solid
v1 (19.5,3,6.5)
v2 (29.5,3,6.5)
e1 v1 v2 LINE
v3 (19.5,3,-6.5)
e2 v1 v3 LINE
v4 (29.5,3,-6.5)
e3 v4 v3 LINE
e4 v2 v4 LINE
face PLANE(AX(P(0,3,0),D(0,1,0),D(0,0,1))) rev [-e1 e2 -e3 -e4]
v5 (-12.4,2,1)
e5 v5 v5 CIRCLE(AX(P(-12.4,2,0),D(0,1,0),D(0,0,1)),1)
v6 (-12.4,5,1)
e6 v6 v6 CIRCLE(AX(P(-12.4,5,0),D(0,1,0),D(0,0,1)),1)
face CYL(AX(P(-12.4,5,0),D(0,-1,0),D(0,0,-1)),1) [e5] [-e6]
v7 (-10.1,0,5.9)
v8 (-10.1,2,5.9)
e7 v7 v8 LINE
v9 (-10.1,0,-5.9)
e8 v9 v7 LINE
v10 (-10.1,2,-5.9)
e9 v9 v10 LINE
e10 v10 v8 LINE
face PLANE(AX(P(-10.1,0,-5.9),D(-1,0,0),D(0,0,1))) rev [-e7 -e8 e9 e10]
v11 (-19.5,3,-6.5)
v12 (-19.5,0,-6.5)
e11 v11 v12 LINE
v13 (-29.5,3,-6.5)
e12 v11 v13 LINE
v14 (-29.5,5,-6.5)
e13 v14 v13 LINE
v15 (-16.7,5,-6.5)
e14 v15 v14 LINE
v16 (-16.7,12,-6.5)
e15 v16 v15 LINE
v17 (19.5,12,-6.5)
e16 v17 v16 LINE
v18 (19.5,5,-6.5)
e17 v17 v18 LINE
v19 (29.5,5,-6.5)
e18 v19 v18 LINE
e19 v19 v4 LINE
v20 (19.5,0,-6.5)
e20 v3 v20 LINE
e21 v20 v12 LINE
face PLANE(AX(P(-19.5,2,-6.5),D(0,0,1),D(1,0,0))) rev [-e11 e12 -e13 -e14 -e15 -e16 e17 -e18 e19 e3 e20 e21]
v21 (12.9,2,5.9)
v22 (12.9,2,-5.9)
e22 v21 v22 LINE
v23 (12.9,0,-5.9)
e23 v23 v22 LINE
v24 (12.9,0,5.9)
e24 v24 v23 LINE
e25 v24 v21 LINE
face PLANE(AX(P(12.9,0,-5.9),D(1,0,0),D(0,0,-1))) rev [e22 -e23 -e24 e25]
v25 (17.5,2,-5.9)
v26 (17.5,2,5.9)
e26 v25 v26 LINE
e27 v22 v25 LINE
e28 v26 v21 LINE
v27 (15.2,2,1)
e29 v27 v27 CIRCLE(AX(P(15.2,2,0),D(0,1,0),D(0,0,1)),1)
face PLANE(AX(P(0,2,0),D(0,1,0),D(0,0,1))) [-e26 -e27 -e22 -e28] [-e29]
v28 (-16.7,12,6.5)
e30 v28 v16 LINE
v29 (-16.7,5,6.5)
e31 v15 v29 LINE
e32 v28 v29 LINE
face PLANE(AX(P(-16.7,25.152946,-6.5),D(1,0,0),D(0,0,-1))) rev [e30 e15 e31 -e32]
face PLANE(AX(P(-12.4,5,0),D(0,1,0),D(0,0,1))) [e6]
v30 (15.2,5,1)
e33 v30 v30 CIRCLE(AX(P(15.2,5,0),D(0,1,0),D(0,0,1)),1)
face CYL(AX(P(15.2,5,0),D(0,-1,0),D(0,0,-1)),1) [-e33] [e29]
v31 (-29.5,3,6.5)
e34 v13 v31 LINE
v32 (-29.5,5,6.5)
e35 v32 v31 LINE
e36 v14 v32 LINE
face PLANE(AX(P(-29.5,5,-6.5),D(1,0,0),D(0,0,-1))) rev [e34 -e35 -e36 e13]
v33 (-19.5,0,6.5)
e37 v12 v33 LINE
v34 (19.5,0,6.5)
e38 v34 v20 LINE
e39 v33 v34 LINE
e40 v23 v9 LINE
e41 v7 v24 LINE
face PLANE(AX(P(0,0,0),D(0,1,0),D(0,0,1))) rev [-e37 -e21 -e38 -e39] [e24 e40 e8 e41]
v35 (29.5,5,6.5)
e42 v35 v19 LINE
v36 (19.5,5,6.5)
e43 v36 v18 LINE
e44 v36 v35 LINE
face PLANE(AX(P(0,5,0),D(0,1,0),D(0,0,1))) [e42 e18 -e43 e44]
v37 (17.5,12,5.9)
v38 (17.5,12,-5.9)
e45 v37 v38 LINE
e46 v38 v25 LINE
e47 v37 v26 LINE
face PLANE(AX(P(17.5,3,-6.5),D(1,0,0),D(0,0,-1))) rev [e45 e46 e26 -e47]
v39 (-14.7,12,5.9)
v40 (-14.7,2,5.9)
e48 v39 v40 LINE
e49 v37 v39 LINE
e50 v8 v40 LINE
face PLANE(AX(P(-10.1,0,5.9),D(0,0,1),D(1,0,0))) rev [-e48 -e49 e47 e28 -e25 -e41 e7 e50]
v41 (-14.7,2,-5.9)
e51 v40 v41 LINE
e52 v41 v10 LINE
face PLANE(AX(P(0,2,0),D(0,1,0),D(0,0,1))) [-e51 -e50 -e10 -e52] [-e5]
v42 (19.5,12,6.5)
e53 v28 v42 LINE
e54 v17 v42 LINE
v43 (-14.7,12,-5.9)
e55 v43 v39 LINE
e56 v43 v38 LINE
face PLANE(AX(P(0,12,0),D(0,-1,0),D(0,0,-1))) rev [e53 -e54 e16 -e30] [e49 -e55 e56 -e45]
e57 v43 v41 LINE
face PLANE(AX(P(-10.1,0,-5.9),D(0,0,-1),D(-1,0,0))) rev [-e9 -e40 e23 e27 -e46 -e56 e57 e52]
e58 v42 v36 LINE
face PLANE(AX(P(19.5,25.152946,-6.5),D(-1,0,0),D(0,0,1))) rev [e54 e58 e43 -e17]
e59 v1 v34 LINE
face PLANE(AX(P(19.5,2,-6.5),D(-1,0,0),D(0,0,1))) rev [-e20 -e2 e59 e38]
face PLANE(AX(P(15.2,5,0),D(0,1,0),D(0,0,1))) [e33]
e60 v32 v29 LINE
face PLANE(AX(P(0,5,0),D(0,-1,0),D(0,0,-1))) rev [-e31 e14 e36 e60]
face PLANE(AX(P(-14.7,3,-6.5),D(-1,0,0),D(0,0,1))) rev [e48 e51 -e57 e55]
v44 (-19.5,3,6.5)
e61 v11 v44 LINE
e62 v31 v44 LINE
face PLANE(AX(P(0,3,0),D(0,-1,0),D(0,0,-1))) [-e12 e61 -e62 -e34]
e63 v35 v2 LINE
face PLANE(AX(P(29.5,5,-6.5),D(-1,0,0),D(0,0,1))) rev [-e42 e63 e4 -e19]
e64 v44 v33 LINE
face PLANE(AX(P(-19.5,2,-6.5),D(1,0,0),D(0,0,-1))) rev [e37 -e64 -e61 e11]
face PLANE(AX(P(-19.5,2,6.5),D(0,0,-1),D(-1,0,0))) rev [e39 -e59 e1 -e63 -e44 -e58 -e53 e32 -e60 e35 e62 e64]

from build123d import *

# Parameters (mm, degrees)
SKETCH1_W           = 39
SKETCH1_H           = 13
BOSS_EXTRUDE1_DEPTH = 2
SKETCH3_W           = 2
SKETCH3_H           = 13
SKETCH3_W_2         = 4.8
BOSS_EXTRUDE2_DEPTH = 1
SKETCH4_W           = 14.8
SKETCH4_H           = 13
SKETCH4_W_2         = 12
BOSS_EXTRUDE3_DEPTH = 2
SKETCH5_W           = 23
SKETCH5_H           = 11.8
CUT_EXTRUDE1_DEPTH  = 31.356218473
SKETCH6_R           = 1
BOSS_EXTRUDE4_DEPTH = 3
SKETCH7_W           = 32.2
SKETCH7_H           = 0.6
BOSS_EXTRUDE5_DEPTH = 10
SKETCH8_W           = 2
SKETCH8_H           = 13
BOSS_EXTRUDE6_DEPTH = 7


with BuildPart() as part:
    # Sketch1 → Boss-Extrude1 (new body)
    with BuildSketch(Plane(origin=(0, 0, 0), x_dir=(1, 0, 0), z_dir=(0, 1, 0))):
        Rectangle(SKETCH1_W, SKETCH1_H)
    extrude(amount=BOSS_EXTRUDE1_DEPTH)

    # Sketch3 → Boss-Extrude2 (add)
    with BuildSketch(Plane(origin=(0, 2, 0), x_dir=(1, 0, 0), z_dir=(0, 1, 0))):
        with Locations((18.5, 0)):
            Rectangle(SKETCH3_W, SKETCH3_H)
        with Locations((-17.1, 0)):
            Rectangle(SKETCH3_W_2, SKETCH3_H)
    extrude(amount=BOSS_EXTRUDE2_DEPTH)

    # Sketch4 → Boss-Extrude3 (add)
    with BuildSketch(Plane(origin=(0, 3, 0), x_dir=(1, 0, 0), z_dir=(0, 1, 0))):
        with Locations((-22.1, 0)):
            Rectangle(SKETCH4_W, SKETCH4_H)
        with Locations((23.5, 0)):
            Rectangle(SKETCH4_W_2, SKETCH4_H)
    extrude(amount=BOSS_EXTRUDE3_DEPTH)

    # Sketch5 → Cut-Extrude1 (cut, through all)
    with BuildSketch(Plane(origin=(0, 2, 0), x_dir=(1, 0, 0), z_dir=(0, 1, 0))):
        with Locations((1.4, 0)):
            Rectangle(SKETCH5_W, SKETCH5_H)
    extrude(amount=-CUT_EXTRUDE1_DEPTH, mode=Mode.SUBTRACT)

    # Sketch6 → Boss-Extrude4 (add)
    with BuildSketch(Plane(origin=(0, 2, 0), x_dir=(1, 0, 0), z_dir=(0, 1, 0))):
        with Locations(Location((-12.4, 0, 0), (0, 0, 270))):
            Circle(SKETCH6_R)
        with Locations(Location((15.2, 0, 0), (0, 0, 270))):
            Circle(SKETCH6_R)
    extrude(amount=BOSS_EXTRUDE4_DEPTH)

    # Sketch7 → Boss-Extrude5 (add)
    with BuildSketch(Plane(origin=(0, 2, 0), x_dir=(1, 0, 0), z_dir=(0, 1, 0))):
        with Locations((1.4, -6.2)):
            Rectangle(SKETCH7_W, SKETCH7_H)
        with Locations((1.4, 6.2)):
            Rectangle(SKETCH7_W, SKETCH7_H)
    extrude(amount=BOSS_EXTRUDE5_DEPTH)

    # Sketch8 → Boss-Extrude6 (add)
    with BuildSketch(Plane(origin=(0, 5, 0), x_dir=(1, 0, 0), z_dir=(0, 1, 0))):
        with Locations((-15.7, 0)):
            Rectangle(SKETCH8_W, SKETCH8_H)
        with Locations((18.5, 0)):
            Rectangle(SKETCH8_W, SKETCH8_H)
    extrude(amount=BOSS_EXTRUDE6_DEPTH)


solid = part.part
